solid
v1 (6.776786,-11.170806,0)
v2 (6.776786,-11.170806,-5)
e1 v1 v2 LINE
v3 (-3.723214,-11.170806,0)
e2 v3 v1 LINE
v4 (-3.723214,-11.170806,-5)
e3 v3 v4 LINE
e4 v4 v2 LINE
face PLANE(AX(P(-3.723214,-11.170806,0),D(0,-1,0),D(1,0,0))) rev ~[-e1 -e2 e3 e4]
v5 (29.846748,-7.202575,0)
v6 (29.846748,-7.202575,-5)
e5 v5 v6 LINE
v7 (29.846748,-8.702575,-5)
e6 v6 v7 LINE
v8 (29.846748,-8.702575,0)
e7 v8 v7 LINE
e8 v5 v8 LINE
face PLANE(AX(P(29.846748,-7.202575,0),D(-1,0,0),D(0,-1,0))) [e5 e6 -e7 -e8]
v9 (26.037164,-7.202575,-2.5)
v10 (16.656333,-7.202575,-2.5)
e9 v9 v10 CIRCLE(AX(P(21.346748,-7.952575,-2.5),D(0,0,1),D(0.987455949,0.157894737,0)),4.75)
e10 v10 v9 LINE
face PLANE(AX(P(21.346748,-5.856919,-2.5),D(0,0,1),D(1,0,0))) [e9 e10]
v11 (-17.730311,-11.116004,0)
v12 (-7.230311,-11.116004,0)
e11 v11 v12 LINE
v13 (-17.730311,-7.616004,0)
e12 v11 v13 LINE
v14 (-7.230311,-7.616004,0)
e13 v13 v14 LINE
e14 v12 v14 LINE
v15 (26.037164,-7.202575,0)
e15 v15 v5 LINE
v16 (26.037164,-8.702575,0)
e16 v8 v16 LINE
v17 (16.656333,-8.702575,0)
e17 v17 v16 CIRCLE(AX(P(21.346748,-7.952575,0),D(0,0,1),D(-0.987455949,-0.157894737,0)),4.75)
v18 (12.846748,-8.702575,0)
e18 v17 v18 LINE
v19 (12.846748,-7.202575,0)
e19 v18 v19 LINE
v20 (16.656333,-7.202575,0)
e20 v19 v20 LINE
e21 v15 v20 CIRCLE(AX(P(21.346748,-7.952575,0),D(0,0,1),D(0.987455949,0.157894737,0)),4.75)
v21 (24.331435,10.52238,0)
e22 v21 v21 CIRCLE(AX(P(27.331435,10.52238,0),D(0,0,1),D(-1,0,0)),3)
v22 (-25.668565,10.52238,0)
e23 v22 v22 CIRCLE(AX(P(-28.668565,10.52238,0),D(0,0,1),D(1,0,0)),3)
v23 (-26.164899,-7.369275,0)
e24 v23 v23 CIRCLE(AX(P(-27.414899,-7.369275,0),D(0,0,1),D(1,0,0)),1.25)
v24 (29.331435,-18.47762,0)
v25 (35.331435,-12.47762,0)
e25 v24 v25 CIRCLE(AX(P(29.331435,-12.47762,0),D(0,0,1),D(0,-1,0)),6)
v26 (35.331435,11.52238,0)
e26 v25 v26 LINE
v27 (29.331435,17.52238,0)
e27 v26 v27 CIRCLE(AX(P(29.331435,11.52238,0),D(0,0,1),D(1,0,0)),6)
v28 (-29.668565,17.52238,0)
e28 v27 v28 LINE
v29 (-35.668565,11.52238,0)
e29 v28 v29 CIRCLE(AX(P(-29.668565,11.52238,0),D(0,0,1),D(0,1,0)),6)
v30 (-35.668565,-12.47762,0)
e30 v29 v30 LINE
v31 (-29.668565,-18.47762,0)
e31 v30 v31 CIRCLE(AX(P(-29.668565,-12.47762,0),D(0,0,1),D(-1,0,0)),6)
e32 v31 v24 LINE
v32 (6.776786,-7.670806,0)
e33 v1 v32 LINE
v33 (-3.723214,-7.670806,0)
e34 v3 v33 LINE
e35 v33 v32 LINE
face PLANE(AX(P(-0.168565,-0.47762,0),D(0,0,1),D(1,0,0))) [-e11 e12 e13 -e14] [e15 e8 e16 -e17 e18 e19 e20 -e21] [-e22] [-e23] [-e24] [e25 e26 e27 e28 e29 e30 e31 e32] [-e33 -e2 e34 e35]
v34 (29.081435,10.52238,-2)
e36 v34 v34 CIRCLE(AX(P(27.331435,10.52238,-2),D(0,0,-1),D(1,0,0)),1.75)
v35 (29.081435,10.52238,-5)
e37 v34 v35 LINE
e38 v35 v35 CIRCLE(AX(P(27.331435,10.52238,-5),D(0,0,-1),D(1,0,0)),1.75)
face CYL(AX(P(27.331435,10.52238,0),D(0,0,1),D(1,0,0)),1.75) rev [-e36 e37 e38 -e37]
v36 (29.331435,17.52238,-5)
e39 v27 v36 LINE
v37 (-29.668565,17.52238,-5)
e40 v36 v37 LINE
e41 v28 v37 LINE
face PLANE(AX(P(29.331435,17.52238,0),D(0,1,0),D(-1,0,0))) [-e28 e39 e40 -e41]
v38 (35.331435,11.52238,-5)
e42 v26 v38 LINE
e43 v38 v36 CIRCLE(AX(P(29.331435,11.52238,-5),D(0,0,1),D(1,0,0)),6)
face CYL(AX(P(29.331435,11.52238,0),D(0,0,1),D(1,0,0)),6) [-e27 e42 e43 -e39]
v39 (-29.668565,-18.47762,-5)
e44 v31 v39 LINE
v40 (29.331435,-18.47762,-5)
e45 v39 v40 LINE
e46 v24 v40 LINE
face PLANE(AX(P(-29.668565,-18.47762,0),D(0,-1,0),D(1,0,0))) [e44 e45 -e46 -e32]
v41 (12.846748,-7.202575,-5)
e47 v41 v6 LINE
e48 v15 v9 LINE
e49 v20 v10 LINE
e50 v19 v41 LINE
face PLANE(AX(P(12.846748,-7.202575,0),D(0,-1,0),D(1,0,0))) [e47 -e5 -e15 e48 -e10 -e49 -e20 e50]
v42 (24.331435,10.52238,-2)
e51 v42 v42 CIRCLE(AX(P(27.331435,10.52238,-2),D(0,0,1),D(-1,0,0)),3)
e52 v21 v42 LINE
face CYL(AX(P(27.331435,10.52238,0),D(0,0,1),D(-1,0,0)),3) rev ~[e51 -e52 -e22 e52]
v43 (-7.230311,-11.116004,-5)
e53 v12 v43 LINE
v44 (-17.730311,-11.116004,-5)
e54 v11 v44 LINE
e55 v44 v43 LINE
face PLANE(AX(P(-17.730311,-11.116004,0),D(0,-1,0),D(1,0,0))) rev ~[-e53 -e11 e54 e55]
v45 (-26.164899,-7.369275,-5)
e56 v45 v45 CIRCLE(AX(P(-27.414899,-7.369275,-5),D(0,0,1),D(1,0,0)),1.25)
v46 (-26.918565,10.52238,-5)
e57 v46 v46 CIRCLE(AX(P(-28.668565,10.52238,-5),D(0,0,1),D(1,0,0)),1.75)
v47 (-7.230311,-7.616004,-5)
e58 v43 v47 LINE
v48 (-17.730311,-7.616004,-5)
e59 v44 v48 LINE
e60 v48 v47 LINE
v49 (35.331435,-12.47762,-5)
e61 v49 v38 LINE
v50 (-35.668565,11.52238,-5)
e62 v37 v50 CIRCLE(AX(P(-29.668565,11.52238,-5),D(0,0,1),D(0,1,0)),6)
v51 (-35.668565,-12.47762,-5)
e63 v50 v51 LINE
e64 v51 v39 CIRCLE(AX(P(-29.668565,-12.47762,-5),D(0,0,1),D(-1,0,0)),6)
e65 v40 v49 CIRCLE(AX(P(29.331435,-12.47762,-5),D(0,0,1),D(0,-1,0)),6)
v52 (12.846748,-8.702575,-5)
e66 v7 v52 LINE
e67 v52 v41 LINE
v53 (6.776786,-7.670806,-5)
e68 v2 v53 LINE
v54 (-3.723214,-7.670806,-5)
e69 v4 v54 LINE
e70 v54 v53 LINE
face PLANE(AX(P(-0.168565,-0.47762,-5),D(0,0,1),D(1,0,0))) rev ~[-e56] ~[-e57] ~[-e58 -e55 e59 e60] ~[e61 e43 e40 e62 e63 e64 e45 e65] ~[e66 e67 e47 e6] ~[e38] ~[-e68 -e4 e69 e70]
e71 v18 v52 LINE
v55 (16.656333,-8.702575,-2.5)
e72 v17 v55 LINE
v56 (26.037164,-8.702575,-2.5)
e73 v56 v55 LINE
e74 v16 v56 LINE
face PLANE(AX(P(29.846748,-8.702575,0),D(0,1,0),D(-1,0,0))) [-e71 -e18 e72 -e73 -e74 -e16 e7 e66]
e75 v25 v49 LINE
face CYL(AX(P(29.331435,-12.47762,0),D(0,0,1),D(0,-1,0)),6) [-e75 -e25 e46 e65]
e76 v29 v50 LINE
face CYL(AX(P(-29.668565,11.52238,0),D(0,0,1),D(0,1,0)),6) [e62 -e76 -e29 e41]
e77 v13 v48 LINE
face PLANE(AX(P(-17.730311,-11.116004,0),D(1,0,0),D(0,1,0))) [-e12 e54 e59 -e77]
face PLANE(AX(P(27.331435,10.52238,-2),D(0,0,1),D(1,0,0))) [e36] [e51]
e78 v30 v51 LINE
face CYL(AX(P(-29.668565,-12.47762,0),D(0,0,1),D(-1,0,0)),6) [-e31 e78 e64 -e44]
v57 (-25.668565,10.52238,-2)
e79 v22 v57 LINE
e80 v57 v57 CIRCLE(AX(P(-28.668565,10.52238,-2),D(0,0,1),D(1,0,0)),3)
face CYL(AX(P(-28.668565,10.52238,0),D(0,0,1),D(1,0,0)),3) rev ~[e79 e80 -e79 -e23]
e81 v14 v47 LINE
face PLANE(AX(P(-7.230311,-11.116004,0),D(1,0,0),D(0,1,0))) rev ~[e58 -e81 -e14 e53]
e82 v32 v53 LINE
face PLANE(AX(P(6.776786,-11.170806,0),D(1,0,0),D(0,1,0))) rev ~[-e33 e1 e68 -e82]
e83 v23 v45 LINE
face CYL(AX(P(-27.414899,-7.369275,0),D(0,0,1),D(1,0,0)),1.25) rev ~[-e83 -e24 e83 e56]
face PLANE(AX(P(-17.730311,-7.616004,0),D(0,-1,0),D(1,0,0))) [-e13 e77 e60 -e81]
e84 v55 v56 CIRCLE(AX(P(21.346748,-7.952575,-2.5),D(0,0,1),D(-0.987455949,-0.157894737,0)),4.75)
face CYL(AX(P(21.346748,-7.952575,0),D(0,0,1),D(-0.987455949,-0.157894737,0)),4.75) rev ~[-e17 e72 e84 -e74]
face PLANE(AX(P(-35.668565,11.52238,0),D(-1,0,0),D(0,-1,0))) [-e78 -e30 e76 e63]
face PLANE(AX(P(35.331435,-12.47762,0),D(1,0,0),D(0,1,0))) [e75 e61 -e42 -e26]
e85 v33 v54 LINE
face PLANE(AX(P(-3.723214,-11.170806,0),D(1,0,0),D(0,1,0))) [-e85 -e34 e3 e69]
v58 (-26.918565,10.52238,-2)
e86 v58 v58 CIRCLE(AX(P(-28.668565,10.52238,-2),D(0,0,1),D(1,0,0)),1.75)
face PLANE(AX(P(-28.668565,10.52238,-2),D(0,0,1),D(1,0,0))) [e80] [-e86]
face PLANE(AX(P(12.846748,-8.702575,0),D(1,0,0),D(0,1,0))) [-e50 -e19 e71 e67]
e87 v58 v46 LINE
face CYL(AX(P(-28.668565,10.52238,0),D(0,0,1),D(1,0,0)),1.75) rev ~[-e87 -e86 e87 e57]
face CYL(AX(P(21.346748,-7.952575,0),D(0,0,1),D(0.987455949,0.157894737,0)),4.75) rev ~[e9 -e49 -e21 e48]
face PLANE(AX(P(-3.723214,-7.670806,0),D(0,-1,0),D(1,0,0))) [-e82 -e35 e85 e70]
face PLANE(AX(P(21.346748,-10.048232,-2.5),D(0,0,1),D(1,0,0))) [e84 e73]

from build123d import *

# Parameters (mm, degrees)
F0_R     = 1.25
F0_W     = 10.5
F0_H     = 3.5
F0_R_2   = 3
F0_R_3   = 1.75
F1_DEPTH = 5
F2_DEPTH = 2
F3_DEPTH = 2.5


with BuildPart() as f1:
    # F0 (on Top) → F1 (new body)
    with BuildSketch(Plane.XY):
        with BuildLine():
            Line((29.3314352036, 17.5223795399), (-29.6685647964, 17.5223795399))
            ThreePointArc((-29.6685647964, 17.5223795399), (-33.9112054836, 15.765020227), (-35.6685647964, 11.5223795399))
            Line((-35.6685647964, 11.5223795399), (-35.6685647964, -12.4776204601))
            ThreePointArc((-35.6685647964, -12.4776204601), (-33.9112054836, -16.7202611472), (-29.6685647964, -18.4776204601))
            Line((-29.6685647964, -18.4776204601), (29.3314352036, -18.4776204601))
            ThreePointArc((29.3314352036, -18.4776204601), (33.5740758907, -16.7202611472), (35.3314352036, -12.4776204601))
            Line((35.3314352036, -12.4776204601), (35.3314352036, 11.5223795399))
            ThreePointArc((35.3314352036, 11.5223795399), (33.5740758907, 15.765020227), (29.3314352036, 17.5223795399))
        make_face()
        with Locations((-27.4148993194, -7.3692747392)):
            Circle(F0_R, mode=Mode.SUBTRACT)
        with Locations((-12.4803110957, -9.3660038244)):
            Rectangle(F0_W, F0_H, mode=Mode.SUBTRACT)
        with Locations((1.526786318, -9.4208057884)):
            Rectangle(F0_W, F0_H, mode=Mode.SUBTRACT)
        with BuildLine():
            Line((12.8467483446, -8.7025752291), (12.8467483446, -7.2025752291))
            Line((12.8467483446, -7.2025752291), (16.6563325848, -7.2025752291))
            ThreePointArc((16.6563325848, -7.2025752291), (21.3467483446, -3.2025752291), (26.0371641044, -7.2025752291))
            Line((26.0371641044, -7.2025752291), (29.8467483446, -7.2025752291))
            Line((29.8467483446, -7.2025752291), (29.8467483446, -8.7025752291))
            Line((29.8467483446, -8.7025752291), (26.0371641044, -8.7025752291))
            ThreePointArc((26.0371641044, -8.7025752291), (21.3467483446, -12.7025752291), (16.6563325848, -8.7025752291))
            Line((16.6563325848, -8.7025752291), (12.8467483446, -8.7025752291))
        make_face(mode=Mode.SUBTRACT)
        with Locations((-28.6685647964, 10.5223795399)):
            Circle(F0_R_2, mode=Mode.SUBTRACT)
        with BuildLine():
            ThreePointArc((30.3314352036, 10.5223795399), (27.3314352036, 7.5223795399), (24.3314352036, 10.5223795399))
            ThreePointArc((24.3314352036, 10.5223795399), (27.3314352036, 13.5223795399), (30.3314352036, 10.5223795399))
        make_face(mode=Mode.SUBTRACT)
        with Locations((-28.6685647964, 10.5223795399)):
            Circle(F0_R_2)
        with Locations((-28.6685647964, 10.5223795399)):
            Circle(F0_R_3, mode=Mode.SUBTRACT)
        with BuildLine():
            Line((26.0371641044, -8.7025752291), (16.6563325848, -8.7025752291))
            ThreePointArc((16.6563325848, -8.7025752291), (21.3467483446, -12.7025752291), (26.0371641044, -8.7025752291))
        make_face()
        with BuildLine():
            ThreePointArc((26.0371641044, -7.2025752291), (21.3467483446, -3.2025752291), (16.6563325848, -7.2025752291))
            Line((16.6563325848, -7.2025752291), (26.0371641044, -7.2025752291))
        make_face()
        with BuildLine():
            ThreePointArc((30.3314352036, 10.5223795399), (27.3314352036, 13.5223795399), (24.3314352036, 10.5223795399))
            ThreePointArc((24.3314352036, 10.5223795399), (27.3314352036, 7.5223795399), (30.3314352036, 10.5223795399))
        make_face()
        with BuildLine():
            ThreePointArc((25.5814352036, 10.5223795399), (27.3314352036, 12.2723795399), (29.0814352036, 10.5223795399))
            ThreePointArc((29.0814352036, 10.5223795399), (27.3314352036, 8.7723795399), (25.5814352036, 10.5223795399))
        make_face(mode=Mode.SUBTRACT)
    extrude(amount=-F1_DEPTH)

    # F0 (on Top) → F2 (cut)
    with BuildSketch(Plane.XY):
        with Locations((-28.6685647964, 10.5223795399)):
            Circle(F0_R_2)
        with Locations((-28.6685647964, 10.5223795399)):
            Circle(F0_R_3, mode=Mode.SUBTRACT)
        with BuildLine():
            ThreePointArc((30.3314352036, 10.5223795399), (27.3314352036, 13.5223795399), (24.3314352036, 10.5223795399))
            ThreePointArc((24.3314352036, 10.5223795399), (27.3314352036, 7.5223795399), (30.3314352036, 10.5223795399))
        make_face()
        with BuildLine():
            ThreePointArc((25.5814352036, 10.5223795399), (27.3314352036, 12.2723795399), (29.0814352036, 10.5223795399))
            ThreePointArc((29.0814352036, 10.5223795399), (27.3314352036, 8.7723795399), (25.5814352036, 10.5223795399))
        make_face(mode=Mode.SUBTRACT)
    extrude(amount=-F2_DEPTH, mode=Mode.SUBTRACT)

    # F0 (on Top) → F3 (cut)
    with BuildSketch(Plane.XY):
        with BuildLine():
            Line((26.0371641044, -8.7025752291), (16.6563325848, -8.7025752291))
            ThreePointArc((16.6563325848, -8.7025752291), (21.3467483446, -12.7025752291), (26.0371641044, -8.7025752291))
        make_face()
        with BuildLine():
            ThreePointArc((26.0371641044, -7.2025752291), (21.3467483446, -3.2025752291), (16.6563325848, -7.2025752291))
            Line((16.6563325848, -7.2025752291), (26.0371641044, -7.2025752291))
        make_face()
    extrude(amount=-F3_DEPTH, mode=Mode.SUBTRACT)


solid = f1.part
